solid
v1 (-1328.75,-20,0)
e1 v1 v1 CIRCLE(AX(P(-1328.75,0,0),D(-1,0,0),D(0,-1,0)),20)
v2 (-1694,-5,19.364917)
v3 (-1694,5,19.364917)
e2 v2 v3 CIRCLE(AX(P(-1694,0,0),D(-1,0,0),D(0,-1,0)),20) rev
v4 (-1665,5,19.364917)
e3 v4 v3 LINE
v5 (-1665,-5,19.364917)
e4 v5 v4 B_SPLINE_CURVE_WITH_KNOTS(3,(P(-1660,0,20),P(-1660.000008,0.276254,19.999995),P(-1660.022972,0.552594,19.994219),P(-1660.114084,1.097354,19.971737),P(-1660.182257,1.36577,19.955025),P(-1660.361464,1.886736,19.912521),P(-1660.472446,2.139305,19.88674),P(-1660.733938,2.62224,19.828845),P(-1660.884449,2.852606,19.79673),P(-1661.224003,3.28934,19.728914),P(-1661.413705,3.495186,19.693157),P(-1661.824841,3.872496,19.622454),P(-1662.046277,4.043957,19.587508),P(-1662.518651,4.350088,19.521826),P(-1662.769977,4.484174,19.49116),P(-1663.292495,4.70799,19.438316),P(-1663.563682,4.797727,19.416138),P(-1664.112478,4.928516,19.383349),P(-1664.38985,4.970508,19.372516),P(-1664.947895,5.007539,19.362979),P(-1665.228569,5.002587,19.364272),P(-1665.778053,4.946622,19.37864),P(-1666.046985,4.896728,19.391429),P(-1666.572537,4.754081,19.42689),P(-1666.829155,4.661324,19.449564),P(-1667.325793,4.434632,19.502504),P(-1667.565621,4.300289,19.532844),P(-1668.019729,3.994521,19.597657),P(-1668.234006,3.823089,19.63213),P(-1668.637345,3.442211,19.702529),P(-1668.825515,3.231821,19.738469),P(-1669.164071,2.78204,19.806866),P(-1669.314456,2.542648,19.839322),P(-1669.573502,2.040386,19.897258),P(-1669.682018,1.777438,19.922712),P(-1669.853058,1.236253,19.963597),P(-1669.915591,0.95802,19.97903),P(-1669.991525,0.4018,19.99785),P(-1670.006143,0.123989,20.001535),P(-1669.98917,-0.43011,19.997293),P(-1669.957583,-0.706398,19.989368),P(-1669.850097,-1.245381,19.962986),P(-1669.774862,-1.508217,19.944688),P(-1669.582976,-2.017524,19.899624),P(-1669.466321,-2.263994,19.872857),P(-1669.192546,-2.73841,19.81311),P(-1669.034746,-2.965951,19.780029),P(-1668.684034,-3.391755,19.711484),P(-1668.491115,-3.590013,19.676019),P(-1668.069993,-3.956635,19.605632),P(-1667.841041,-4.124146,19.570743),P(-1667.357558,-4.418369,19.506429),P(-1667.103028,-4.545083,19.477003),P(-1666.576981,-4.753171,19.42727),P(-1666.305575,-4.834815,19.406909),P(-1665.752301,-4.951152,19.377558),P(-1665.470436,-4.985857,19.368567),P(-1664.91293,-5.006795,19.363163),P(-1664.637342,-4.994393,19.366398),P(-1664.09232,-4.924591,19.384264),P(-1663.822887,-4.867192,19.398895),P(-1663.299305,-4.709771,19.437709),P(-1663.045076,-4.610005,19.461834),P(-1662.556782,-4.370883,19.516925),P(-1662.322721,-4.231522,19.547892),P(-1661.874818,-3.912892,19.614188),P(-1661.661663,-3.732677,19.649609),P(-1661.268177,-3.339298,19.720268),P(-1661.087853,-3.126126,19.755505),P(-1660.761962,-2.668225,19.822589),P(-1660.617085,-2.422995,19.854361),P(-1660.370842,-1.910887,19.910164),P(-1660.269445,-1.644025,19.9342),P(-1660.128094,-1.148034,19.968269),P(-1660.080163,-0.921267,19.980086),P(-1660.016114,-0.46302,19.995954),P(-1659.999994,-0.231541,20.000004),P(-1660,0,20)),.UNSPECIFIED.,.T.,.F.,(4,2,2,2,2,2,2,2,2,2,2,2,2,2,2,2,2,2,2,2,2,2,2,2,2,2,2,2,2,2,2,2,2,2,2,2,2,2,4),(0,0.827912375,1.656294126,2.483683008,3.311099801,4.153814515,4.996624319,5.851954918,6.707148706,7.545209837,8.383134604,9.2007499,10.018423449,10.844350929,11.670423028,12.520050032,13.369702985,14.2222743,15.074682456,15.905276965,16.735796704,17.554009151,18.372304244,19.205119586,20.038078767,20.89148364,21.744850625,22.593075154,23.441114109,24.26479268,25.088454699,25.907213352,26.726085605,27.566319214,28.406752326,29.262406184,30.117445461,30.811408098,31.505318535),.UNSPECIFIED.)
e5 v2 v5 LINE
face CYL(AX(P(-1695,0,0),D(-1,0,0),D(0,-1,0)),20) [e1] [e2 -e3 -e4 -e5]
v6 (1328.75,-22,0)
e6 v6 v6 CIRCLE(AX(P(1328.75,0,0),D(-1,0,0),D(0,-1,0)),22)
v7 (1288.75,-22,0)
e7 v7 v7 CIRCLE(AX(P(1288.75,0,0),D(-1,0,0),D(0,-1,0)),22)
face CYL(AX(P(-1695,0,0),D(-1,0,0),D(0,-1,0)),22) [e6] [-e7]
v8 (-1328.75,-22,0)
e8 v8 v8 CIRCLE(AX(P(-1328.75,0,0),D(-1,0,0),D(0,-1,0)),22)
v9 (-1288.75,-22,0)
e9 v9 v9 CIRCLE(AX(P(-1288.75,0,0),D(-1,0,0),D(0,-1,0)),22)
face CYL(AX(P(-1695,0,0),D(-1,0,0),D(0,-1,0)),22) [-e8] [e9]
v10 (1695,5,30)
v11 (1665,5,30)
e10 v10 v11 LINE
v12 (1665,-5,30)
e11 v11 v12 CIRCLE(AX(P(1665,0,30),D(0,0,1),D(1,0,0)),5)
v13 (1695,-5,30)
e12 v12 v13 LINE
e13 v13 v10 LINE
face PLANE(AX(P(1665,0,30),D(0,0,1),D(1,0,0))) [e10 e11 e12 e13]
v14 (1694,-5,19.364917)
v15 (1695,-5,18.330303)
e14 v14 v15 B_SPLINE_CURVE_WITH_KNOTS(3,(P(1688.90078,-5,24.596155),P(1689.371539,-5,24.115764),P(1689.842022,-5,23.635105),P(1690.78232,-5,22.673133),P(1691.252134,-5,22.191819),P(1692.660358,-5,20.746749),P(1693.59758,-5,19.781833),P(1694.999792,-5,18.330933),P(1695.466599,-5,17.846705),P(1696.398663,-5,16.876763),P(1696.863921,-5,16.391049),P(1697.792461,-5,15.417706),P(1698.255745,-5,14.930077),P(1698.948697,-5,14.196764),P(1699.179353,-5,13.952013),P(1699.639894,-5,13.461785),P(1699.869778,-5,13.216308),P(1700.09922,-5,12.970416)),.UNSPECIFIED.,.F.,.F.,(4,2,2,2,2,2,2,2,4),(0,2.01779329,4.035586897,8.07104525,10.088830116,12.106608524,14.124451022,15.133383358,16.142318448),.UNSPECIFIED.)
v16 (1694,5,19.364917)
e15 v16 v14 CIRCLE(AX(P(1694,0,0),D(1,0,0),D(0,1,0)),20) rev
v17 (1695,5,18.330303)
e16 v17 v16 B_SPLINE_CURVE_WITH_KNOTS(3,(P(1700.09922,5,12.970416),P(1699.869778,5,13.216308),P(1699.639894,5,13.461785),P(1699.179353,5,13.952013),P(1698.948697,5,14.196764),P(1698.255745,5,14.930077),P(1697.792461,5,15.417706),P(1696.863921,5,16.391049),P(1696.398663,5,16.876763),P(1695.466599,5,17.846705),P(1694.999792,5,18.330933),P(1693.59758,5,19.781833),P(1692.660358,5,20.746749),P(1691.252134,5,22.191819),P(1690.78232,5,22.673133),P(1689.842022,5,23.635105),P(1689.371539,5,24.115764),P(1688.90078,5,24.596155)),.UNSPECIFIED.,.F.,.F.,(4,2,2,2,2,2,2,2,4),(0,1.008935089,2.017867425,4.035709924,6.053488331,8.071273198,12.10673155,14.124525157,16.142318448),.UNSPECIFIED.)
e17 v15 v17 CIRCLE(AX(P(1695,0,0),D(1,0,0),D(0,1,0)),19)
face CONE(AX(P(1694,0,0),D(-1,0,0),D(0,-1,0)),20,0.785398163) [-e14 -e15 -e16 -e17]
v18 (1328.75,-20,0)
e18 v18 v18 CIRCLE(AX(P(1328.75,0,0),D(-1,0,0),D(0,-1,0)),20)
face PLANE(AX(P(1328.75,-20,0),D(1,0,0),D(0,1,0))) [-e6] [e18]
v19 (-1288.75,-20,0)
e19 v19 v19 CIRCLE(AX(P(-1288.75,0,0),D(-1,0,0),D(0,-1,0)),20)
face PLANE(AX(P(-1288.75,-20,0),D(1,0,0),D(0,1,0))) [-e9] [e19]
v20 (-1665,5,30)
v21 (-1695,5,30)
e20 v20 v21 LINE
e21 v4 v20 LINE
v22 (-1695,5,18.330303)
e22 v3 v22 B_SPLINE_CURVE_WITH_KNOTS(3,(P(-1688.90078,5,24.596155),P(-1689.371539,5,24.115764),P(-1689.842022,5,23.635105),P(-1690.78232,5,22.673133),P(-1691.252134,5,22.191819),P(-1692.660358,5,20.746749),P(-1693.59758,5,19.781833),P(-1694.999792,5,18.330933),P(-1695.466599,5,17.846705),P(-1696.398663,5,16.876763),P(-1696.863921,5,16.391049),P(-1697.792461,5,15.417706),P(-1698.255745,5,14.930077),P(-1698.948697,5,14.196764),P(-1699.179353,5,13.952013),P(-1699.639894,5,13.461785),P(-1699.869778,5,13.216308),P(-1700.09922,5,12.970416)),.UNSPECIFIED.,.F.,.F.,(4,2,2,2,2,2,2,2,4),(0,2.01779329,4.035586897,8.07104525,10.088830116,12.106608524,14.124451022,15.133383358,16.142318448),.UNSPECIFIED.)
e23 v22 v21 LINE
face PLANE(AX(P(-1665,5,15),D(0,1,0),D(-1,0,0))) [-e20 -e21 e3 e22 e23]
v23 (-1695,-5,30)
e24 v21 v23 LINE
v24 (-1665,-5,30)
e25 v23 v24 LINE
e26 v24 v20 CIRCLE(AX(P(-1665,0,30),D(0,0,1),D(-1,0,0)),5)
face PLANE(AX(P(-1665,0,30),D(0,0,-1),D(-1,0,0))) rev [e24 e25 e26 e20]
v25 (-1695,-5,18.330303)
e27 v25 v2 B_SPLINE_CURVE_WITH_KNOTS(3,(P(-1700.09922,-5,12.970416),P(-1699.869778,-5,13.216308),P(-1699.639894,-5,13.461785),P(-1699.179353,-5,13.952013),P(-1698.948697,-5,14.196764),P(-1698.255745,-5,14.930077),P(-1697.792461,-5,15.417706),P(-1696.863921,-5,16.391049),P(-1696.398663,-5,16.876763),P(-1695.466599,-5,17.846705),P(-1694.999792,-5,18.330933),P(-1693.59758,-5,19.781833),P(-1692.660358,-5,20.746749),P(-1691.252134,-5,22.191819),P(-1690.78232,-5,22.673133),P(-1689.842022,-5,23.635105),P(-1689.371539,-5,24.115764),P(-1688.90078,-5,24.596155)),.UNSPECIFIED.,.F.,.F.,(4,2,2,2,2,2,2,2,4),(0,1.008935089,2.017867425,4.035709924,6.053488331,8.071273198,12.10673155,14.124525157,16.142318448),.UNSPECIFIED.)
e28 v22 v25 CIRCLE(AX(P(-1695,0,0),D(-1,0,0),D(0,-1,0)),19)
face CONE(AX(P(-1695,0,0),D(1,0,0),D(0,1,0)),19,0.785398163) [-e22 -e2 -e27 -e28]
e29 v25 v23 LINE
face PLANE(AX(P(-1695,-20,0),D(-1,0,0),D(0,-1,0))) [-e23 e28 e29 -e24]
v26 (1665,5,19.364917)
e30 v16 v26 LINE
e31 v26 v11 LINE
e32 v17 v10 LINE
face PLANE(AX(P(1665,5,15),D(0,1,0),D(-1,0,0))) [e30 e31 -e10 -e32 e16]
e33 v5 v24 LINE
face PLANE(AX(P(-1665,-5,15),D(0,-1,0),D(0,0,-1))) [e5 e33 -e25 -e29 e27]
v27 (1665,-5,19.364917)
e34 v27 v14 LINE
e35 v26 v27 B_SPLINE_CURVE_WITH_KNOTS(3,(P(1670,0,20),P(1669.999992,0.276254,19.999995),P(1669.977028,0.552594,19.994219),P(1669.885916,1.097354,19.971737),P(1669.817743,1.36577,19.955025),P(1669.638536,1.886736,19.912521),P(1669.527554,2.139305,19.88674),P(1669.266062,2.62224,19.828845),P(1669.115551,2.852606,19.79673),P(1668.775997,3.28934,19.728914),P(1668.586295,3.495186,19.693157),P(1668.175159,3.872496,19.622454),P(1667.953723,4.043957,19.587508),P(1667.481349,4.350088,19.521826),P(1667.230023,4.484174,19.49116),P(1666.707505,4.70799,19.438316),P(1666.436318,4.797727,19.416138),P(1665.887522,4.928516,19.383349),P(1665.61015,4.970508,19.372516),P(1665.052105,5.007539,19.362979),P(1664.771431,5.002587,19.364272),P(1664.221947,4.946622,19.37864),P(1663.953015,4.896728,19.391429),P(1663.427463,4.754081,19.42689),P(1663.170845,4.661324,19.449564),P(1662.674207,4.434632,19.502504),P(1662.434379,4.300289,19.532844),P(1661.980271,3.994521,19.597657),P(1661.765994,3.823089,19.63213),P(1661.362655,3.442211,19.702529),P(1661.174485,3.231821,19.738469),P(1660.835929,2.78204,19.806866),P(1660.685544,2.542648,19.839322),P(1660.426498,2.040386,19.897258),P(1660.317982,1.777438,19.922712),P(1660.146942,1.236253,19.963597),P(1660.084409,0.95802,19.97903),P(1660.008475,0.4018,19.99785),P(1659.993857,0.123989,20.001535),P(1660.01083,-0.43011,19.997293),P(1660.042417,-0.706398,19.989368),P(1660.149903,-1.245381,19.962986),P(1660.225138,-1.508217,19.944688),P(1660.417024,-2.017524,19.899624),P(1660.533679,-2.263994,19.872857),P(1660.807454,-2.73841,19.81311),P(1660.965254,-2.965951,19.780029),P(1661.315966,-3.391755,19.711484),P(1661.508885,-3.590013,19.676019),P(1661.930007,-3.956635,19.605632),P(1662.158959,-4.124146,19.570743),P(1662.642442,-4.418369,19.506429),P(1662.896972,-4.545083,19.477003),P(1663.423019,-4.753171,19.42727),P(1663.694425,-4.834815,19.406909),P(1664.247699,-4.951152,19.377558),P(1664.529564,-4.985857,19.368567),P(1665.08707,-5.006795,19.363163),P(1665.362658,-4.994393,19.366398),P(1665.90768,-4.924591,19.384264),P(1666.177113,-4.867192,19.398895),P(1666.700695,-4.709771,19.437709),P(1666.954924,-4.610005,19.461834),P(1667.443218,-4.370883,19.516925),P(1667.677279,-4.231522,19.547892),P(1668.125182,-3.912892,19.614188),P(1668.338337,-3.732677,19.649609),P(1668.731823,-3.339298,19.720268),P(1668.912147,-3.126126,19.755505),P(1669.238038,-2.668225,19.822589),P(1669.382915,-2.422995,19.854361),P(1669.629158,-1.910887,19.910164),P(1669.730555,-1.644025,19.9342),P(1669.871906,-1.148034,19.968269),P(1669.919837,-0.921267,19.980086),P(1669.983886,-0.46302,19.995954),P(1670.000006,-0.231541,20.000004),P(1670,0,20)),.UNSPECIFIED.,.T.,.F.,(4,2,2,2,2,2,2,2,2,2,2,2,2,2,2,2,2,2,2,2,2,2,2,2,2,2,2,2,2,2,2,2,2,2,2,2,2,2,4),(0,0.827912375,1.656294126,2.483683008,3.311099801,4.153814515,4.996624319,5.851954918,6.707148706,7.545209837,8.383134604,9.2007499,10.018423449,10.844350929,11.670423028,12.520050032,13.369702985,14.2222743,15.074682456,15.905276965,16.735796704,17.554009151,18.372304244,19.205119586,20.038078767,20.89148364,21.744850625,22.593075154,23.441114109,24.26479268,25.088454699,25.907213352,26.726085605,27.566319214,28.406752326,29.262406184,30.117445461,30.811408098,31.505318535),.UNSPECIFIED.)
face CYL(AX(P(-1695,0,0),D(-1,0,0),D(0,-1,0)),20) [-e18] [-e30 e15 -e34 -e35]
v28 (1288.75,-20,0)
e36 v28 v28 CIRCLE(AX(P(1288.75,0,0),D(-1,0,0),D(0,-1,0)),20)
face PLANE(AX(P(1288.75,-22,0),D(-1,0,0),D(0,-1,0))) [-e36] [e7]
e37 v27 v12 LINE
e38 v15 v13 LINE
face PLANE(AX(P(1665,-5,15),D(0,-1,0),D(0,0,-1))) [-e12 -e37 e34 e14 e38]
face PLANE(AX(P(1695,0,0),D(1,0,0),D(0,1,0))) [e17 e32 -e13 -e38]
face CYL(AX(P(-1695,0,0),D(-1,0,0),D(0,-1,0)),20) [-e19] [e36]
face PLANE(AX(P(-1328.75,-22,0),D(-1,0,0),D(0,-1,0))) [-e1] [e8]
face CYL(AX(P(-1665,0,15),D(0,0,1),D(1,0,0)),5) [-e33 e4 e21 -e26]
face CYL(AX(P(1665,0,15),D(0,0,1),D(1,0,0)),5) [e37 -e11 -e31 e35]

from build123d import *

# Parameters (mm, degrees)
CHAMFER1_SIZE            = 1
BOSS_EXTRUDE2_DEPTH      = 10
BOSS_EXTRUDE2_DEPTH_BACK = 5


with BuildPart() as part:
    # Sketch1 → Revolve1 (revolve)
    with BuildSketch(Plane.XY):
        Polygon((-1695, 0), (1695, 0), (1695, -20), (1328.75, -20), (1328.75, -22), (1288.75, -22), (1288.75, -20), (-1288.75, -20), (-1288.75, -22), (-1328.75, -22), (-1328.75, -20), (-1695, -20), align=None)
    revolve(axis=Axis((-1695, 0, 0), (1, 0, 0)))

    # Chamfer1
    chamfer1_edges = [part.edges().sort_by_distance(p)[0] for p in [
        (1695, 20, 0),
        (-1695, 20, 0),
    ]]
    chamfer(chamfer1_edges, length=CHAMFER1_SIZE)

    # Sketch3 → Boss-Extrude2 (add, two sides: drawn at the far end of the back side and taken through both)
    with BuildSketch(Plane.XY.offset(20).offset(-BOSS_EXTRUDE2_DEPTH_BACK)):
        with BuildLine():
            Line((1665, 5), (1695, 5))
            Line((1695, 5), (1695, -5))
            Line((1695, -5), (1665, -5))
            ThreePointArc((1665, -5), (1660, 0), (1665, 5))
        make_face()
        with BuildLine():
            Line((-1695, 5), (-1695, -5))
            Line((-1695, -5), (-1665, -5))
            ThreePointArc((-1665, -5), (-1660, 0), (-1665, 5))
            Line((-1665, 5), (-1695, 5))
        make_face()
    extrude(amount=BOSS_EXTRUDE2_DEPTH + BOSS_EXTRUDE2_DEPTH_BACK)


solid = part.part
